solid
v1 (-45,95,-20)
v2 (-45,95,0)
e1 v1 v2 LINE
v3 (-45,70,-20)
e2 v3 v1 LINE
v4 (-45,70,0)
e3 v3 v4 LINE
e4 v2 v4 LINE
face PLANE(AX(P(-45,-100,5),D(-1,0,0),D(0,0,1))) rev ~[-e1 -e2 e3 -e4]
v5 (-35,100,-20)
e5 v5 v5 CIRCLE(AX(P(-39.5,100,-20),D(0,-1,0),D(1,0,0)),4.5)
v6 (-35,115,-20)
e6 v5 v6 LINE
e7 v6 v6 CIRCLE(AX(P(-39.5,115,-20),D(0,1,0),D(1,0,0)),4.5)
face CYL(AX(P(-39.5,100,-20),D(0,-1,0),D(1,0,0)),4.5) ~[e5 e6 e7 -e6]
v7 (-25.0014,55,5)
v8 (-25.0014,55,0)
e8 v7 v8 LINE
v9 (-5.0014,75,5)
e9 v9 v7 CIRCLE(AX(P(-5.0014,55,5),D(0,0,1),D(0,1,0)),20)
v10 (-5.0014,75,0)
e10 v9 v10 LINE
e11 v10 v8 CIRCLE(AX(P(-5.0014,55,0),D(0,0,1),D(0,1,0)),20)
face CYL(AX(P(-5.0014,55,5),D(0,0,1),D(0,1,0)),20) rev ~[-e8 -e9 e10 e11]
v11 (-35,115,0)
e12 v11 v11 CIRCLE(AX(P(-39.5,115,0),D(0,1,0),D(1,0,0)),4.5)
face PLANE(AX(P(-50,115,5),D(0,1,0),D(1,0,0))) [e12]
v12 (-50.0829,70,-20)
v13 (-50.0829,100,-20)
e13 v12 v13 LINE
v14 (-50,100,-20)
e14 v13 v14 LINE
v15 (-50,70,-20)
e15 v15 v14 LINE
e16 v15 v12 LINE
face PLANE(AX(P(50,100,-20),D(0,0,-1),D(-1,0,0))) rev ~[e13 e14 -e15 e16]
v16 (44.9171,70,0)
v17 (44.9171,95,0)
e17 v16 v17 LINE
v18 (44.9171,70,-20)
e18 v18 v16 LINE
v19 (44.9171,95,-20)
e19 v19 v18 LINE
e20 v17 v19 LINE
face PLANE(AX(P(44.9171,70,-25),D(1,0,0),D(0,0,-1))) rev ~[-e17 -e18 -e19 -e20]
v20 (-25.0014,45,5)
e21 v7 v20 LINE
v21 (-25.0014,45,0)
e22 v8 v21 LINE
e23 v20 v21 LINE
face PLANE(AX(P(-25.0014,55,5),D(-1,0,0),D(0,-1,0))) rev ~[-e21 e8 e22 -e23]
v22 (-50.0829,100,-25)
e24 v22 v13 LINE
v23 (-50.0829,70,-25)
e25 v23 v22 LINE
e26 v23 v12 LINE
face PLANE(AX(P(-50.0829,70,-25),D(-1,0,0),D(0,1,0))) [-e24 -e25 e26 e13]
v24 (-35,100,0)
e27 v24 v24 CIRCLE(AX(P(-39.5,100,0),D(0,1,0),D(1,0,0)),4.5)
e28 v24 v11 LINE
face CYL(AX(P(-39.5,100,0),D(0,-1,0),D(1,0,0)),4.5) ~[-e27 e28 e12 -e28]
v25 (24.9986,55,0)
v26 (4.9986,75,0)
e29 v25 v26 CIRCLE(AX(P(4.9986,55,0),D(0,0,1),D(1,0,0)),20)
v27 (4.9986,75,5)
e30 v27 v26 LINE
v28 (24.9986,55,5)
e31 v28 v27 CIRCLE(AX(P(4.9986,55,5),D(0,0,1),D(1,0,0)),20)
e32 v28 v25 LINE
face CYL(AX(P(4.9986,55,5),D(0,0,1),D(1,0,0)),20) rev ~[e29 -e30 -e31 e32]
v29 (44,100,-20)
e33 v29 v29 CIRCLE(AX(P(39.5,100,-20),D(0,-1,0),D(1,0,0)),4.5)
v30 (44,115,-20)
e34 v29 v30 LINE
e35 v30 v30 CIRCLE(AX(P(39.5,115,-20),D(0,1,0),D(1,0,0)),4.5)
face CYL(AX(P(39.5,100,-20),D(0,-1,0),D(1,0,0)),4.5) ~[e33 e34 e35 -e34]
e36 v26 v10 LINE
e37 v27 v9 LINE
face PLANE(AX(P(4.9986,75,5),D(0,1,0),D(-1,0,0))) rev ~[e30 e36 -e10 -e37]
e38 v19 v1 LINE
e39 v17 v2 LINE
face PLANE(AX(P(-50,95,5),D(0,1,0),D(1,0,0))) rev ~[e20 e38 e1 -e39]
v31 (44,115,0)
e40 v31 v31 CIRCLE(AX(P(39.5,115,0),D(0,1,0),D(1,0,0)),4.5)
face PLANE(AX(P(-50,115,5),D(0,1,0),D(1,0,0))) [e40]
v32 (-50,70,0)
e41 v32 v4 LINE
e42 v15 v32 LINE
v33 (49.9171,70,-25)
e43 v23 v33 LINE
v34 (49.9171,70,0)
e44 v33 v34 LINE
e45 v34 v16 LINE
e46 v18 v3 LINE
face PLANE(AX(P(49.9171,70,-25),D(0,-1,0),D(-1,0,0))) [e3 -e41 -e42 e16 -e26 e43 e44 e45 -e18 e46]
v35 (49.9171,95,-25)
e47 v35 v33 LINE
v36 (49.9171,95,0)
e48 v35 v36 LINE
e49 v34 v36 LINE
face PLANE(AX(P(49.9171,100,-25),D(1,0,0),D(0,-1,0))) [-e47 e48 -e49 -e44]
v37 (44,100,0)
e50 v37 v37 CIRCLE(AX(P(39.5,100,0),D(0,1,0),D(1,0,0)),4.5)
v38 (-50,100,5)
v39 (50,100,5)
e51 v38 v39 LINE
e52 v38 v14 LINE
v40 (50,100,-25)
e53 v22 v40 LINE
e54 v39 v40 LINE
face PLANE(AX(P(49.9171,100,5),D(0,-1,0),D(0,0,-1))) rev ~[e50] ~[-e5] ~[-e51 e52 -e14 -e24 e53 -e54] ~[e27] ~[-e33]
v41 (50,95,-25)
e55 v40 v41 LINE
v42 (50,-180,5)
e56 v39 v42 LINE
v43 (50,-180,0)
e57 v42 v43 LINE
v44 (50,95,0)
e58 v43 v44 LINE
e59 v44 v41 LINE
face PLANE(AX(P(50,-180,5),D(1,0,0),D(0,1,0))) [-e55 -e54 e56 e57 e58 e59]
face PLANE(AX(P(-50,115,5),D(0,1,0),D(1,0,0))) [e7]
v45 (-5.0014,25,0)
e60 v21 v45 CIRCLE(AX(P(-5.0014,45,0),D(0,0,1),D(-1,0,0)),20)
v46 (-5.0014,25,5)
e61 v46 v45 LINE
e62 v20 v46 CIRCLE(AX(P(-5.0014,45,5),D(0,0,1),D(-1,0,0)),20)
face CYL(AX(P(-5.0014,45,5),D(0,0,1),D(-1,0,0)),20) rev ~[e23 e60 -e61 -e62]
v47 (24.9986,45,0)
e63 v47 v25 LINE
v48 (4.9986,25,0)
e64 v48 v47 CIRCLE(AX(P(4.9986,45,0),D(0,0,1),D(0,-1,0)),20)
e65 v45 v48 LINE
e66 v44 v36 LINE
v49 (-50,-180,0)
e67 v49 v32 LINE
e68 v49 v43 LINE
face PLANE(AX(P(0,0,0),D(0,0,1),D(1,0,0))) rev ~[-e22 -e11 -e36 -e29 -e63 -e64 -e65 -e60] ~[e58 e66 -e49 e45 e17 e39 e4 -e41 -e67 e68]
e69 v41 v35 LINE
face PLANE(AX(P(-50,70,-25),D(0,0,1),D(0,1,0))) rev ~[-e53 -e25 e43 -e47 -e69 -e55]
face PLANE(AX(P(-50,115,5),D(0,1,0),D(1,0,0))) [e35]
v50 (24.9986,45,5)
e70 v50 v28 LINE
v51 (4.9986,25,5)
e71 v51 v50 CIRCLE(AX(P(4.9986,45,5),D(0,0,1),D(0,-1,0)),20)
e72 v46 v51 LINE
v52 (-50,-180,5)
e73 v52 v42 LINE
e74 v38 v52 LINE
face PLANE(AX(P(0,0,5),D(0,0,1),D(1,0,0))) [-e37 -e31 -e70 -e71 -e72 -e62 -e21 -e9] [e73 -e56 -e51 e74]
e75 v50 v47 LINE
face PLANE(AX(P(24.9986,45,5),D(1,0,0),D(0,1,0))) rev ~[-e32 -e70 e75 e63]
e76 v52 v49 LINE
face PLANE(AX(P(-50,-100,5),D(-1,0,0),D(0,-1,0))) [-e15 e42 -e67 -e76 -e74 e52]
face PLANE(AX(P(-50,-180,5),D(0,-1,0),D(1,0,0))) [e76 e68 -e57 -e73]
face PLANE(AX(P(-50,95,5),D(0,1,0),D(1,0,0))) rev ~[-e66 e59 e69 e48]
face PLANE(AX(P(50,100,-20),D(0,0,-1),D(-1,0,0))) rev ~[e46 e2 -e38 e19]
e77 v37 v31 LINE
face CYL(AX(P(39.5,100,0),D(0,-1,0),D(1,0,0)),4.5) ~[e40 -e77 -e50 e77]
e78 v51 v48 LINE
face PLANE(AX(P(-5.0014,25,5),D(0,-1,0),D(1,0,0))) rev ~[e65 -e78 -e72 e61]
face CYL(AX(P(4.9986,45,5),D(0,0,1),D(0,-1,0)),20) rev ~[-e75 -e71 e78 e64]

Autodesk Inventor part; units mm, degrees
ref_plane "YZ Plane" through (0, 0, 0) normal (1, 0, 0) x (0, 1, 0)
ref_plane "XZ Plane" through (0, 0, 0) normal (0, 1, 0) x (-1, 0, 0)
ref_plane "XY Plane" through (0, 0, 0) normal (0, 0, 1) x (1, 0, 0)
sketch "Sketch1" plane through (0, 0, 0) normal (0, 0, 1) x (1, 0, 0)
  line L0 (-50, -100) -> (50, -100)
  line L1 (50, -100) -> (50, 100)
  line L2 (50, 100) -> (-50, 100)
  line L3 (-50, 100) -> (-50, -100)
  line L4 (-50, -100) -> (50, 100) construction
  line L5 (50, -100) -> (-50, 100) construction
  point P0 (0, 0)
  dimension "d0" = 100
  dimension "d1" = 200
extrude "Extrusion1" add sketch "Sketch1" along normal blind 5
sketch "Sketch6" plane through (0, 0, 5) normal (0, 0, 1) x (1, 0, 0)
  line L0 (4.9986, 75) -> (-5.0014, 75)
  line L1 (-25.0014, 55) -> (-25.0014, 45)
  line L2 (-5.0014, 25) -> (4.9986, 25)
  line L3 (24.9986, 45) -> (24.9986, 55)
  line L4 (24.9986, 75) -> (-25.0014, 25) construction
  line L5 (-25.0014, 75) -> (24.9986, 25) construction
  arc A0 (4.9986, 25) -> (24.9986, 45) centre (4.9986, 45) ccw
  arc A1 (24.9986, 55) -> (4.9986, 75) centre (4.9986, 55) ccw
  arc A2 (-5.0014, 75) -> (-25.0014, 55) centre (-5.0014, 55) ccw
  arc A3 (-25.0014, 45) -> (-5.0014, 25) centre (-5.0014, 45) ccw
  point P0 (0, 0)
  point P1 (-0.0014, 50)
  dimension "d21" = 50
  dimension "d22" = 50
  dimension "d23" = 20
extrude "Extrusion6" cut sketch "Sketch6" against normal blind 5
sketch "Sketch15" plane through (-50, 100, 5) normal (0, 1, 0) x (1, 0, 0)
  line L0 (100, 0) -> (0, 0) projected
  line L1 (0, 0) -> (100, 0)
  line L2 (100, 0) -> (100, 30)
  line L3 (100, 30) -> (0, 30)
  line L4 (0, 30) -> (0, 0)
  point P0 (50, 5)
  dimension "d46" = 100
  dimension "d47" = 30
sketch "Sketch16" plane through (-50, 100, 5) normal (0, 1, 0) x (1, 0, 0)
  circle A0 centre (10.5, 5) radius 4.5
  circle A1 centre (89.5, 5) radius 4.5
  circle A2 centre (10.5, 25) radius 4.5
  circle A3 centre (89.5, 25) radius 4.5
  point P0 (50, 5)
  dimension "d48" = 9
  dimension "d49" = 9
  dimension "d50" = 9
  dimension "d51" = 9
extrude "Extrusion11" add sketch "Sketch15" against normal blind 5
extrude "Extrusion12" add sketch "Sketch16" along normal blind 15
sketch "Sketch17" plane through (50, 100, -25) normal (0, 0, -1) x (-1, 0, 0)
  line L0 (100.0829, 0) -> (0.0829, 0)
  line L1 (0.0829, 0) -> (0.0829, -30)
  line L2 (0.0829, -30) -> (100.0829, -30)
  line L3 (100.0829, -30) -> (100.0829, 0)
  point P0 (50, -100)
  dimension "d56" = 100
  dimension "d57" = 30
extrude "Extrusion13" add sketch "Sketch17" against normal blind 5
sketch "Sketch18" plane through (49.9171, 70, -25) normal (1, 0, 0) x (0, 0, -1)
  line L0 (0, 0) -> (-5, 0) projected
  line L1 (-30, 30) -> (-30, -170) projected
  line L2 (0, 0) -> (-30, 0)
  line L3 (-30, 0) -> (-30, 30)
  line L4 (-30, 30) -> (0, 30)
  line L5 (0, 30) -> (0, 0)
  point P0 (-25, -70)
extrude "Extrusion14" add sketch "Sketch18" against normal blind 5
sketch "Sketch20" plane through (-50, -100, 5) normal (-1, 0, 0) x (0, 0, 1)
  line L0 (-30, 200) -> (0, 200) projected
  line L1 (-30, 170) -> (-30, 200) projected
  line L2 (0, 200) -> (-30, 200)
  line L3 (-30, 200) -> (-30, 170)
  line L4 (-30, 170) -> (0, 170)
  line L5 (0, 170) -> (0, 200)
  point P0 (-5, 100)
extrude "Extrusion16" add sketch "Sketch20" against normal blind 5
sketch "Sketch21" plane through (0, 0, 5) normal (0, 0, 1) x (1, 0, 0)
  line L0 (50, -100) -> (50, 100) projected
  line L1 (50, -100) -> (-50, -100)
  line L2 (-50, -100) -> (-50, -180)
  line L3 (-50, -180) -> (50, -180)
  line L4 (50, -180) -> (50, -100)
  point P0 (0, 0)
  dimension "d66" = 100
  dimension "d67" = 80
extrude "Extrusion17" add sketch "Sketch21" against normal blind 5
properties part number "fixation_v03"
